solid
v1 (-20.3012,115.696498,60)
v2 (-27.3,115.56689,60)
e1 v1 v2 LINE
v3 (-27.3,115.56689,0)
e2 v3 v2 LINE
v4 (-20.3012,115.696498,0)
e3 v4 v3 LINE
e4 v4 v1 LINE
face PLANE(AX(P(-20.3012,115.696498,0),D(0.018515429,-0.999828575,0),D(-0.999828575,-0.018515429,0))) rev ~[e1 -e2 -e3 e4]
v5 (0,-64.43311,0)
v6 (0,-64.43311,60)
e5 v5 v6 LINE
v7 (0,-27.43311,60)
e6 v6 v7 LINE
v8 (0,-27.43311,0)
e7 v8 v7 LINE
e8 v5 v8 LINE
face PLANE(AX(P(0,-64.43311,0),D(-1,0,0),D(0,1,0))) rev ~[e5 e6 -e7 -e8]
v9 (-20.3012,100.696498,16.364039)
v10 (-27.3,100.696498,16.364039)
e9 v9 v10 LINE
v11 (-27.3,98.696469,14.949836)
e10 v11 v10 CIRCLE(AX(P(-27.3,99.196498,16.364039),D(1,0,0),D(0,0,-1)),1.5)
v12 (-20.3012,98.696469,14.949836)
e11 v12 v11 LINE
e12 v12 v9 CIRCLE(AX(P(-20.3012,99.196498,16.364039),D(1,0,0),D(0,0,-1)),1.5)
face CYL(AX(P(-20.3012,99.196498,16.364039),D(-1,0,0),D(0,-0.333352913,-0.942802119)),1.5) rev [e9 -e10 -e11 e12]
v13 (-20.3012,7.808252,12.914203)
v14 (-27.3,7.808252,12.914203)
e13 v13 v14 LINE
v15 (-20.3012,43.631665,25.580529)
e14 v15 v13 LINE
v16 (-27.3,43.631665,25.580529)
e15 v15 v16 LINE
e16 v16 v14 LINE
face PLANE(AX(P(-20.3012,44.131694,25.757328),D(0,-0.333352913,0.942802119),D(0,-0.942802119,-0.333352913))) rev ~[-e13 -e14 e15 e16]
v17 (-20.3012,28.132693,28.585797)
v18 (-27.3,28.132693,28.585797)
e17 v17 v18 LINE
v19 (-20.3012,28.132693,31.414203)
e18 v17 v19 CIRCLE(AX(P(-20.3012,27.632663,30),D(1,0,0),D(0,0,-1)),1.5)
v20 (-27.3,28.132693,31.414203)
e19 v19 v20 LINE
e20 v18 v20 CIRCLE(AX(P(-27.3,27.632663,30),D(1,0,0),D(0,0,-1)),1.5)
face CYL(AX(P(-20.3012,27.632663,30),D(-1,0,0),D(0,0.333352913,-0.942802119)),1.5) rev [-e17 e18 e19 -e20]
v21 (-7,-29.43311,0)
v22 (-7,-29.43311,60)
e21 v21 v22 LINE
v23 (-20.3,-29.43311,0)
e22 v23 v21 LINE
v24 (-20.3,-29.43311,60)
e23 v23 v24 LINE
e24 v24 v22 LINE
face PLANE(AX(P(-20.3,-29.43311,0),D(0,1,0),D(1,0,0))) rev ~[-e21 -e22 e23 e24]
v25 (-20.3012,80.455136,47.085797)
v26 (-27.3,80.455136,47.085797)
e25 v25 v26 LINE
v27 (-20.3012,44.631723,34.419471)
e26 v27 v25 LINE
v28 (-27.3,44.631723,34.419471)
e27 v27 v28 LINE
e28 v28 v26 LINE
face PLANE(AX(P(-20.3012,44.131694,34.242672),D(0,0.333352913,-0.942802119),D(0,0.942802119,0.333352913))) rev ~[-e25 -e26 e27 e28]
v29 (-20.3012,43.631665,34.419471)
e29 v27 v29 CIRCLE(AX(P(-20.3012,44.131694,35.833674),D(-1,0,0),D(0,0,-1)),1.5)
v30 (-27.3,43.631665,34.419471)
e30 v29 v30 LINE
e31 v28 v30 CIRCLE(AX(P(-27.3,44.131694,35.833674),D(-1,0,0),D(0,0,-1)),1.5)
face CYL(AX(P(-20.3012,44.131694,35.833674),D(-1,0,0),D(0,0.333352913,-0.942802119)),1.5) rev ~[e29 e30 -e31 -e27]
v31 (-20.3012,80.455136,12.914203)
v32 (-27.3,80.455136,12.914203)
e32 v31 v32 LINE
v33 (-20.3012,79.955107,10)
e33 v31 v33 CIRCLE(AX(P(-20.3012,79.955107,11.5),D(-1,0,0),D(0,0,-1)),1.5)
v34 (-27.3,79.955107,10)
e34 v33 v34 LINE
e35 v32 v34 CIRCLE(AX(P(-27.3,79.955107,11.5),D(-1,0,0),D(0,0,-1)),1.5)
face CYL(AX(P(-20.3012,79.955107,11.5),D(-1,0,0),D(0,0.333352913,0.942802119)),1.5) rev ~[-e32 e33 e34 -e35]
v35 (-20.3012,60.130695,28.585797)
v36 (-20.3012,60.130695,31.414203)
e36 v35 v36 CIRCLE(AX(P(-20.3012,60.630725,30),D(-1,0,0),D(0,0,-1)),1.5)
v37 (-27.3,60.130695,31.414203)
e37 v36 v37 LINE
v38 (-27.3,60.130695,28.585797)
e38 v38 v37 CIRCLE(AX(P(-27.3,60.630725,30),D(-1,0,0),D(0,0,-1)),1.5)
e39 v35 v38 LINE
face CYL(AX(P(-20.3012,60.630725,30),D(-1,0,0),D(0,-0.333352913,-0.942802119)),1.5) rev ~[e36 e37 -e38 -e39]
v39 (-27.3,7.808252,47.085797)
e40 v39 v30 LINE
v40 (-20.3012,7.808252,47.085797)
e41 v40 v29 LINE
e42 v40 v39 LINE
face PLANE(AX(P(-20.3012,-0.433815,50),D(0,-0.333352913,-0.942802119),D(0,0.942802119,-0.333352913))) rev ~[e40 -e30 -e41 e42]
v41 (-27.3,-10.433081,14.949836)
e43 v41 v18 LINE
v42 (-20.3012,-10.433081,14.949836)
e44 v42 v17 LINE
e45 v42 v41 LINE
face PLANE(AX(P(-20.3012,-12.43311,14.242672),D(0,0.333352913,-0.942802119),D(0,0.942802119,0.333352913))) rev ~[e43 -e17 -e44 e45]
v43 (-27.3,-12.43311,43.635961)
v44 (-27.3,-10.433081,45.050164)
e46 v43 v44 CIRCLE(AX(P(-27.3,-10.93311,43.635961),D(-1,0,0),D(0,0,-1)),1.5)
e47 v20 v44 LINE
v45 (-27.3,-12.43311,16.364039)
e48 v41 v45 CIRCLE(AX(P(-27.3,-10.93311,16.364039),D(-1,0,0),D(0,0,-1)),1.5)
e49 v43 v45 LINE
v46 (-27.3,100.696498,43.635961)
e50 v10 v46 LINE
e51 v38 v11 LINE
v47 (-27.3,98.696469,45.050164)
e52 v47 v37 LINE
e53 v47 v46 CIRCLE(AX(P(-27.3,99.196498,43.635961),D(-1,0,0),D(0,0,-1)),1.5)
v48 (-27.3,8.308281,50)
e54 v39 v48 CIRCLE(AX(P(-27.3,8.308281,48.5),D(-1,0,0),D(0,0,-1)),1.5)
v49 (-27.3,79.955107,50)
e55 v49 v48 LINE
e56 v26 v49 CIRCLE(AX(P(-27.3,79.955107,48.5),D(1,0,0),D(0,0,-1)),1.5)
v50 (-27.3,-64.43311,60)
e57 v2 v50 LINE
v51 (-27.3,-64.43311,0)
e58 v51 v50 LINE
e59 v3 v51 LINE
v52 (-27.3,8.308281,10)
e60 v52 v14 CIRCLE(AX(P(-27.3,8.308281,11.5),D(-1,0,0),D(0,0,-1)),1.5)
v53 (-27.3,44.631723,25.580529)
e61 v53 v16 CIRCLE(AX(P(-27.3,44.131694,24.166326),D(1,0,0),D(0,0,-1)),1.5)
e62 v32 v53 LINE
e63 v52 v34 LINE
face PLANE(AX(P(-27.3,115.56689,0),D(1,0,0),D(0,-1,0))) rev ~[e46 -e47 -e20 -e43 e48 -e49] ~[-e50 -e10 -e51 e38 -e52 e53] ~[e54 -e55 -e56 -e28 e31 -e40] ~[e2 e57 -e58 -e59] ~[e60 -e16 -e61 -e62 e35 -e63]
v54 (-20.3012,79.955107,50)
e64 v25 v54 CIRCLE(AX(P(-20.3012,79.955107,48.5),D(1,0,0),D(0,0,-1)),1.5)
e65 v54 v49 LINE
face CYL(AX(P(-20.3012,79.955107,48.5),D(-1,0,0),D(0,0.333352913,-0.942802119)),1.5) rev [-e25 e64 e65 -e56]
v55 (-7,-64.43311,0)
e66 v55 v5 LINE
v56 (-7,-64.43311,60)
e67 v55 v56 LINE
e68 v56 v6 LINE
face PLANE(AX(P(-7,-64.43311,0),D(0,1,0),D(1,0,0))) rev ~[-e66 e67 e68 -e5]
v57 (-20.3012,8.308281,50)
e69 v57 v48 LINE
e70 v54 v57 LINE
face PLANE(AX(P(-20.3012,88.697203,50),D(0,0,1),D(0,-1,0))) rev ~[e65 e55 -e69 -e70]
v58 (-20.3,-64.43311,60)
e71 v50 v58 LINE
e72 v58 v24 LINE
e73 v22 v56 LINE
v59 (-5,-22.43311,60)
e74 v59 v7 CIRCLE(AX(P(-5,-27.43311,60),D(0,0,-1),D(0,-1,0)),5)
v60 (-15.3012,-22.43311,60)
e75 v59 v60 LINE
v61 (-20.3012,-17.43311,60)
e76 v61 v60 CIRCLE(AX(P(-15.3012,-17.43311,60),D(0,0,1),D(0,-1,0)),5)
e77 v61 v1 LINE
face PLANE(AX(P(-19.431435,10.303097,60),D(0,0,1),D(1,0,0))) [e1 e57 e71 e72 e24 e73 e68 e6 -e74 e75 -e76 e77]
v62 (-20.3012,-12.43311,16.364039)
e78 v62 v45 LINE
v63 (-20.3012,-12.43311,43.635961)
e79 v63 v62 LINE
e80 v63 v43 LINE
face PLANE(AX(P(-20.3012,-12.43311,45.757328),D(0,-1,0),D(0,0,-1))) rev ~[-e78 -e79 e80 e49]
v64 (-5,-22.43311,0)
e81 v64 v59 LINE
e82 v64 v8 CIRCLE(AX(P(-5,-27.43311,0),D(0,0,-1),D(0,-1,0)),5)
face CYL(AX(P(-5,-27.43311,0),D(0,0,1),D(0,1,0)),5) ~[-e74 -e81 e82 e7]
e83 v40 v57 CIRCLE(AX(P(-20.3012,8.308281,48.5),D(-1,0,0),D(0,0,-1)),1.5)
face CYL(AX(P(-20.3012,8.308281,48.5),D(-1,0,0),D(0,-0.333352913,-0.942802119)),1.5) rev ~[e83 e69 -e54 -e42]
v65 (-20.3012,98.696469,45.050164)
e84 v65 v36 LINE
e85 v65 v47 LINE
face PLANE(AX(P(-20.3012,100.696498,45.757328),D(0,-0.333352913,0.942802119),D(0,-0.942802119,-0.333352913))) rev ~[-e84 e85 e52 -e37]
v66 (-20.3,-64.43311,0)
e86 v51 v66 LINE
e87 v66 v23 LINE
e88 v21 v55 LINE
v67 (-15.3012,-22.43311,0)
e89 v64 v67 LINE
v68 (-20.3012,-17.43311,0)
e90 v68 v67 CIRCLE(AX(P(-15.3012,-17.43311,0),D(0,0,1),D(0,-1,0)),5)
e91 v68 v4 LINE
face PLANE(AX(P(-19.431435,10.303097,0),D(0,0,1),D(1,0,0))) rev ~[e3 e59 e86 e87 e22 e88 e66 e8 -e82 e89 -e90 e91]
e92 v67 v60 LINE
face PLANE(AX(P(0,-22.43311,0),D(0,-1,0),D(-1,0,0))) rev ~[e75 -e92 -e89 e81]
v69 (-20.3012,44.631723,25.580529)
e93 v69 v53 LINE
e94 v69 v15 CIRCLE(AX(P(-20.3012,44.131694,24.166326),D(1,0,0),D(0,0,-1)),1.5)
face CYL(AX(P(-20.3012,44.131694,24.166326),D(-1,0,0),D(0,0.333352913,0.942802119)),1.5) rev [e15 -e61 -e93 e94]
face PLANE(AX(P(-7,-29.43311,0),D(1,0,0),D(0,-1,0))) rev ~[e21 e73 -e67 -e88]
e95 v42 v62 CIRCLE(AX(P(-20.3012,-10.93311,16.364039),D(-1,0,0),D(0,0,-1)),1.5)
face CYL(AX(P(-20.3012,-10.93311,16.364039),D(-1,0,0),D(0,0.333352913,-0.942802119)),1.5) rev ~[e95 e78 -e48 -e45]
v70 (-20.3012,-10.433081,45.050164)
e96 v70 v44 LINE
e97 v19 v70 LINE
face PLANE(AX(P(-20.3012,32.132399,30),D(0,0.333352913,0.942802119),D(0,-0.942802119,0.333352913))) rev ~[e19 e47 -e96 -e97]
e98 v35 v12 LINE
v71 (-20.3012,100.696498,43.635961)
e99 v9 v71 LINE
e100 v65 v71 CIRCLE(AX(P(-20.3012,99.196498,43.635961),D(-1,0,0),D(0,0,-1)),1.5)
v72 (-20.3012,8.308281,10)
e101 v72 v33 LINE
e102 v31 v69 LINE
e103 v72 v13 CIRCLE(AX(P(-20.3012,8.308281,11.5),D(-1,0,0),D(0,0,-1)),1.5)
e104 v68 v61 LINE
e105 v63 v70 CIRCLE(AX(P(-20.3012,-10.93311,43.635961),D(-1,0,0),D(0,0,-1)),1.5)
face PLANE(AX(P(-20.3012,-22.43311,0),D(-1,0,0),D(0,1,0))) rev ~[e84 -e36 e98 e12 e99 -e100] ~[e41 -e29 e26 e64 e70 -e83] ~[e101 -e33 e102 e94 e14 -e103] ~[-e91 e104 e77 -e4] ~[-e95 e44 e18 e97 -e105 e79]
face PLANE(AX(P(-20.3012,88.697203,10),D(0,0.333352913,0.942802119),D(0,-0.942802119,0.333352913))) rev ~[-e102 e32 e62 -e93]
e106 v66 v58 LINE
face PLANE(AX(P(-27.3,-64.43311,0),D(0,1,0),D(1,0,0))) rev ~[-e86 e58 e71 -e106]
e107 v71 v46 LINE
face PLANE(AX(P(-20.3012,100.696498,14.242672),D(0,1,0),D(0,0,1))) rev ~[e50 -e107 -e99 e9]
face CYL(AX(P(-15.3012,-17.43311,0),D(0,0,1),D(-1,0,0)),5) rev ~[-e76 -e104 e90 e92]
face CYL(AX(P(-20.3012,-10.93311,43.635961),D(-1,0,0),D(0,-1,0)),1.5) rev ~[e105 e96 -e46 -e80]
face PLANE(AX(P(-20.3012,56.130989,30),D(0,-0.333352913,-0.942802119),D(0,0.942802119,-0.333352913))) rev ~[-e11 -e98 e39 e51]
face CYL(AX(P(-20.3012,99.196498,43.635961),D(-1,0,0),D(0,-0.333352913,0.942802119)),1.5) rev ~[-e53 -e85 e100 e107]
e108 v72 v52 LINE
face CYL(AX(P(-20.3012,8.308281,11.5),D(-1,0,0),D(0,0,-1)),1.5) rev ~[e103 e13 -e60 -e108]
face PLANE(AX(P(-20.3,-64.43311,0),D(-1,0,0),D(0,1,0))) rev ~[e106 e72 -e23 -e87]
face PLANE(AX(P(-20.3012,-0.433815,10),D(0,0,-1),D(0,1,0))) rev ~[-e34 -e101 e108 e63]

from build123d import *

# Parameters (mm, degrees)
F1_DEPTH = 60
F3_DEPTH = 25
F4_R     = 5
F5_R     = 1.5


with BuildPart() as f1:
    # F0 (on Top) → F1 (new body)
    with BuildSketch(Plane.XY):
        Polygon((-20.3012, 115.696498), (-27.3, 115.56689), (-27.3, -64.43311), (-20.3, -64.43311), (-20.3, -29.43311), (-7, -29.43311), (-7, -64.43311), (0, -64.43311), (0, -22.43311), (-20.3012, -22.43311), align=None)
    extrude(amount=F1_DEPTH)

    # F2 (on face) → F3 (cut)
    with BuildSketch(Plane.YZ.offset(-20.3012)):
        Polygon((32.132399, 30), (-12.43311, 45.757328), (-12.43311, 14.242672), align=None)
        Polygon((88.697203, 50), (-0.433815, 50), (44.131694, 34.242672), align=None)
        Polygon((100.696498, 14.242672), (100.696498, 45.757328), (56.130989, 30), align=None)
        Polygon((44.131694, 25.757328), (-0.433815, 10), (88.697203, 10), align=None)
    extrude(amount=-F3_DEPTH, mode=Mode.SUBTRACT)

    # F4
    f4_edges = [f1.edges().sort_by_distance(p)[0] for p in [
        (0, -22.43311, 30),
        (-20.3012, -22.43311, 30),
    ]]
    fillet(f4_edges, radius=F4_R)

    # F5
    f5_edges = [f1.edges().sort_by_distance(p)[0] for p in [
        (-23.8006, -12.43311, 14.242672),
        (-23.8006, -12.43311, 45.757328),
        (-23.8006, -0.433815, 10),
        (-23.8006, -0.433815, 50),
        (-23.8006, 32.132399, 30),
        (-23.8006, 44.131694, 34.242672),
        (-23.8006, 44.131694, 25.757328),
        (-23.8006, 56.130989, 30),
        (-23.8006, 88.697203, 50),
        (-23.8006, 100.696498, 45.757328),
        (-23.8006, 100.696498, 14.242672),
        (-23.8006, 88.697203, 10),
    ]]
    fillet(f5_edges, radius=F5_R)


solid = f1.part
